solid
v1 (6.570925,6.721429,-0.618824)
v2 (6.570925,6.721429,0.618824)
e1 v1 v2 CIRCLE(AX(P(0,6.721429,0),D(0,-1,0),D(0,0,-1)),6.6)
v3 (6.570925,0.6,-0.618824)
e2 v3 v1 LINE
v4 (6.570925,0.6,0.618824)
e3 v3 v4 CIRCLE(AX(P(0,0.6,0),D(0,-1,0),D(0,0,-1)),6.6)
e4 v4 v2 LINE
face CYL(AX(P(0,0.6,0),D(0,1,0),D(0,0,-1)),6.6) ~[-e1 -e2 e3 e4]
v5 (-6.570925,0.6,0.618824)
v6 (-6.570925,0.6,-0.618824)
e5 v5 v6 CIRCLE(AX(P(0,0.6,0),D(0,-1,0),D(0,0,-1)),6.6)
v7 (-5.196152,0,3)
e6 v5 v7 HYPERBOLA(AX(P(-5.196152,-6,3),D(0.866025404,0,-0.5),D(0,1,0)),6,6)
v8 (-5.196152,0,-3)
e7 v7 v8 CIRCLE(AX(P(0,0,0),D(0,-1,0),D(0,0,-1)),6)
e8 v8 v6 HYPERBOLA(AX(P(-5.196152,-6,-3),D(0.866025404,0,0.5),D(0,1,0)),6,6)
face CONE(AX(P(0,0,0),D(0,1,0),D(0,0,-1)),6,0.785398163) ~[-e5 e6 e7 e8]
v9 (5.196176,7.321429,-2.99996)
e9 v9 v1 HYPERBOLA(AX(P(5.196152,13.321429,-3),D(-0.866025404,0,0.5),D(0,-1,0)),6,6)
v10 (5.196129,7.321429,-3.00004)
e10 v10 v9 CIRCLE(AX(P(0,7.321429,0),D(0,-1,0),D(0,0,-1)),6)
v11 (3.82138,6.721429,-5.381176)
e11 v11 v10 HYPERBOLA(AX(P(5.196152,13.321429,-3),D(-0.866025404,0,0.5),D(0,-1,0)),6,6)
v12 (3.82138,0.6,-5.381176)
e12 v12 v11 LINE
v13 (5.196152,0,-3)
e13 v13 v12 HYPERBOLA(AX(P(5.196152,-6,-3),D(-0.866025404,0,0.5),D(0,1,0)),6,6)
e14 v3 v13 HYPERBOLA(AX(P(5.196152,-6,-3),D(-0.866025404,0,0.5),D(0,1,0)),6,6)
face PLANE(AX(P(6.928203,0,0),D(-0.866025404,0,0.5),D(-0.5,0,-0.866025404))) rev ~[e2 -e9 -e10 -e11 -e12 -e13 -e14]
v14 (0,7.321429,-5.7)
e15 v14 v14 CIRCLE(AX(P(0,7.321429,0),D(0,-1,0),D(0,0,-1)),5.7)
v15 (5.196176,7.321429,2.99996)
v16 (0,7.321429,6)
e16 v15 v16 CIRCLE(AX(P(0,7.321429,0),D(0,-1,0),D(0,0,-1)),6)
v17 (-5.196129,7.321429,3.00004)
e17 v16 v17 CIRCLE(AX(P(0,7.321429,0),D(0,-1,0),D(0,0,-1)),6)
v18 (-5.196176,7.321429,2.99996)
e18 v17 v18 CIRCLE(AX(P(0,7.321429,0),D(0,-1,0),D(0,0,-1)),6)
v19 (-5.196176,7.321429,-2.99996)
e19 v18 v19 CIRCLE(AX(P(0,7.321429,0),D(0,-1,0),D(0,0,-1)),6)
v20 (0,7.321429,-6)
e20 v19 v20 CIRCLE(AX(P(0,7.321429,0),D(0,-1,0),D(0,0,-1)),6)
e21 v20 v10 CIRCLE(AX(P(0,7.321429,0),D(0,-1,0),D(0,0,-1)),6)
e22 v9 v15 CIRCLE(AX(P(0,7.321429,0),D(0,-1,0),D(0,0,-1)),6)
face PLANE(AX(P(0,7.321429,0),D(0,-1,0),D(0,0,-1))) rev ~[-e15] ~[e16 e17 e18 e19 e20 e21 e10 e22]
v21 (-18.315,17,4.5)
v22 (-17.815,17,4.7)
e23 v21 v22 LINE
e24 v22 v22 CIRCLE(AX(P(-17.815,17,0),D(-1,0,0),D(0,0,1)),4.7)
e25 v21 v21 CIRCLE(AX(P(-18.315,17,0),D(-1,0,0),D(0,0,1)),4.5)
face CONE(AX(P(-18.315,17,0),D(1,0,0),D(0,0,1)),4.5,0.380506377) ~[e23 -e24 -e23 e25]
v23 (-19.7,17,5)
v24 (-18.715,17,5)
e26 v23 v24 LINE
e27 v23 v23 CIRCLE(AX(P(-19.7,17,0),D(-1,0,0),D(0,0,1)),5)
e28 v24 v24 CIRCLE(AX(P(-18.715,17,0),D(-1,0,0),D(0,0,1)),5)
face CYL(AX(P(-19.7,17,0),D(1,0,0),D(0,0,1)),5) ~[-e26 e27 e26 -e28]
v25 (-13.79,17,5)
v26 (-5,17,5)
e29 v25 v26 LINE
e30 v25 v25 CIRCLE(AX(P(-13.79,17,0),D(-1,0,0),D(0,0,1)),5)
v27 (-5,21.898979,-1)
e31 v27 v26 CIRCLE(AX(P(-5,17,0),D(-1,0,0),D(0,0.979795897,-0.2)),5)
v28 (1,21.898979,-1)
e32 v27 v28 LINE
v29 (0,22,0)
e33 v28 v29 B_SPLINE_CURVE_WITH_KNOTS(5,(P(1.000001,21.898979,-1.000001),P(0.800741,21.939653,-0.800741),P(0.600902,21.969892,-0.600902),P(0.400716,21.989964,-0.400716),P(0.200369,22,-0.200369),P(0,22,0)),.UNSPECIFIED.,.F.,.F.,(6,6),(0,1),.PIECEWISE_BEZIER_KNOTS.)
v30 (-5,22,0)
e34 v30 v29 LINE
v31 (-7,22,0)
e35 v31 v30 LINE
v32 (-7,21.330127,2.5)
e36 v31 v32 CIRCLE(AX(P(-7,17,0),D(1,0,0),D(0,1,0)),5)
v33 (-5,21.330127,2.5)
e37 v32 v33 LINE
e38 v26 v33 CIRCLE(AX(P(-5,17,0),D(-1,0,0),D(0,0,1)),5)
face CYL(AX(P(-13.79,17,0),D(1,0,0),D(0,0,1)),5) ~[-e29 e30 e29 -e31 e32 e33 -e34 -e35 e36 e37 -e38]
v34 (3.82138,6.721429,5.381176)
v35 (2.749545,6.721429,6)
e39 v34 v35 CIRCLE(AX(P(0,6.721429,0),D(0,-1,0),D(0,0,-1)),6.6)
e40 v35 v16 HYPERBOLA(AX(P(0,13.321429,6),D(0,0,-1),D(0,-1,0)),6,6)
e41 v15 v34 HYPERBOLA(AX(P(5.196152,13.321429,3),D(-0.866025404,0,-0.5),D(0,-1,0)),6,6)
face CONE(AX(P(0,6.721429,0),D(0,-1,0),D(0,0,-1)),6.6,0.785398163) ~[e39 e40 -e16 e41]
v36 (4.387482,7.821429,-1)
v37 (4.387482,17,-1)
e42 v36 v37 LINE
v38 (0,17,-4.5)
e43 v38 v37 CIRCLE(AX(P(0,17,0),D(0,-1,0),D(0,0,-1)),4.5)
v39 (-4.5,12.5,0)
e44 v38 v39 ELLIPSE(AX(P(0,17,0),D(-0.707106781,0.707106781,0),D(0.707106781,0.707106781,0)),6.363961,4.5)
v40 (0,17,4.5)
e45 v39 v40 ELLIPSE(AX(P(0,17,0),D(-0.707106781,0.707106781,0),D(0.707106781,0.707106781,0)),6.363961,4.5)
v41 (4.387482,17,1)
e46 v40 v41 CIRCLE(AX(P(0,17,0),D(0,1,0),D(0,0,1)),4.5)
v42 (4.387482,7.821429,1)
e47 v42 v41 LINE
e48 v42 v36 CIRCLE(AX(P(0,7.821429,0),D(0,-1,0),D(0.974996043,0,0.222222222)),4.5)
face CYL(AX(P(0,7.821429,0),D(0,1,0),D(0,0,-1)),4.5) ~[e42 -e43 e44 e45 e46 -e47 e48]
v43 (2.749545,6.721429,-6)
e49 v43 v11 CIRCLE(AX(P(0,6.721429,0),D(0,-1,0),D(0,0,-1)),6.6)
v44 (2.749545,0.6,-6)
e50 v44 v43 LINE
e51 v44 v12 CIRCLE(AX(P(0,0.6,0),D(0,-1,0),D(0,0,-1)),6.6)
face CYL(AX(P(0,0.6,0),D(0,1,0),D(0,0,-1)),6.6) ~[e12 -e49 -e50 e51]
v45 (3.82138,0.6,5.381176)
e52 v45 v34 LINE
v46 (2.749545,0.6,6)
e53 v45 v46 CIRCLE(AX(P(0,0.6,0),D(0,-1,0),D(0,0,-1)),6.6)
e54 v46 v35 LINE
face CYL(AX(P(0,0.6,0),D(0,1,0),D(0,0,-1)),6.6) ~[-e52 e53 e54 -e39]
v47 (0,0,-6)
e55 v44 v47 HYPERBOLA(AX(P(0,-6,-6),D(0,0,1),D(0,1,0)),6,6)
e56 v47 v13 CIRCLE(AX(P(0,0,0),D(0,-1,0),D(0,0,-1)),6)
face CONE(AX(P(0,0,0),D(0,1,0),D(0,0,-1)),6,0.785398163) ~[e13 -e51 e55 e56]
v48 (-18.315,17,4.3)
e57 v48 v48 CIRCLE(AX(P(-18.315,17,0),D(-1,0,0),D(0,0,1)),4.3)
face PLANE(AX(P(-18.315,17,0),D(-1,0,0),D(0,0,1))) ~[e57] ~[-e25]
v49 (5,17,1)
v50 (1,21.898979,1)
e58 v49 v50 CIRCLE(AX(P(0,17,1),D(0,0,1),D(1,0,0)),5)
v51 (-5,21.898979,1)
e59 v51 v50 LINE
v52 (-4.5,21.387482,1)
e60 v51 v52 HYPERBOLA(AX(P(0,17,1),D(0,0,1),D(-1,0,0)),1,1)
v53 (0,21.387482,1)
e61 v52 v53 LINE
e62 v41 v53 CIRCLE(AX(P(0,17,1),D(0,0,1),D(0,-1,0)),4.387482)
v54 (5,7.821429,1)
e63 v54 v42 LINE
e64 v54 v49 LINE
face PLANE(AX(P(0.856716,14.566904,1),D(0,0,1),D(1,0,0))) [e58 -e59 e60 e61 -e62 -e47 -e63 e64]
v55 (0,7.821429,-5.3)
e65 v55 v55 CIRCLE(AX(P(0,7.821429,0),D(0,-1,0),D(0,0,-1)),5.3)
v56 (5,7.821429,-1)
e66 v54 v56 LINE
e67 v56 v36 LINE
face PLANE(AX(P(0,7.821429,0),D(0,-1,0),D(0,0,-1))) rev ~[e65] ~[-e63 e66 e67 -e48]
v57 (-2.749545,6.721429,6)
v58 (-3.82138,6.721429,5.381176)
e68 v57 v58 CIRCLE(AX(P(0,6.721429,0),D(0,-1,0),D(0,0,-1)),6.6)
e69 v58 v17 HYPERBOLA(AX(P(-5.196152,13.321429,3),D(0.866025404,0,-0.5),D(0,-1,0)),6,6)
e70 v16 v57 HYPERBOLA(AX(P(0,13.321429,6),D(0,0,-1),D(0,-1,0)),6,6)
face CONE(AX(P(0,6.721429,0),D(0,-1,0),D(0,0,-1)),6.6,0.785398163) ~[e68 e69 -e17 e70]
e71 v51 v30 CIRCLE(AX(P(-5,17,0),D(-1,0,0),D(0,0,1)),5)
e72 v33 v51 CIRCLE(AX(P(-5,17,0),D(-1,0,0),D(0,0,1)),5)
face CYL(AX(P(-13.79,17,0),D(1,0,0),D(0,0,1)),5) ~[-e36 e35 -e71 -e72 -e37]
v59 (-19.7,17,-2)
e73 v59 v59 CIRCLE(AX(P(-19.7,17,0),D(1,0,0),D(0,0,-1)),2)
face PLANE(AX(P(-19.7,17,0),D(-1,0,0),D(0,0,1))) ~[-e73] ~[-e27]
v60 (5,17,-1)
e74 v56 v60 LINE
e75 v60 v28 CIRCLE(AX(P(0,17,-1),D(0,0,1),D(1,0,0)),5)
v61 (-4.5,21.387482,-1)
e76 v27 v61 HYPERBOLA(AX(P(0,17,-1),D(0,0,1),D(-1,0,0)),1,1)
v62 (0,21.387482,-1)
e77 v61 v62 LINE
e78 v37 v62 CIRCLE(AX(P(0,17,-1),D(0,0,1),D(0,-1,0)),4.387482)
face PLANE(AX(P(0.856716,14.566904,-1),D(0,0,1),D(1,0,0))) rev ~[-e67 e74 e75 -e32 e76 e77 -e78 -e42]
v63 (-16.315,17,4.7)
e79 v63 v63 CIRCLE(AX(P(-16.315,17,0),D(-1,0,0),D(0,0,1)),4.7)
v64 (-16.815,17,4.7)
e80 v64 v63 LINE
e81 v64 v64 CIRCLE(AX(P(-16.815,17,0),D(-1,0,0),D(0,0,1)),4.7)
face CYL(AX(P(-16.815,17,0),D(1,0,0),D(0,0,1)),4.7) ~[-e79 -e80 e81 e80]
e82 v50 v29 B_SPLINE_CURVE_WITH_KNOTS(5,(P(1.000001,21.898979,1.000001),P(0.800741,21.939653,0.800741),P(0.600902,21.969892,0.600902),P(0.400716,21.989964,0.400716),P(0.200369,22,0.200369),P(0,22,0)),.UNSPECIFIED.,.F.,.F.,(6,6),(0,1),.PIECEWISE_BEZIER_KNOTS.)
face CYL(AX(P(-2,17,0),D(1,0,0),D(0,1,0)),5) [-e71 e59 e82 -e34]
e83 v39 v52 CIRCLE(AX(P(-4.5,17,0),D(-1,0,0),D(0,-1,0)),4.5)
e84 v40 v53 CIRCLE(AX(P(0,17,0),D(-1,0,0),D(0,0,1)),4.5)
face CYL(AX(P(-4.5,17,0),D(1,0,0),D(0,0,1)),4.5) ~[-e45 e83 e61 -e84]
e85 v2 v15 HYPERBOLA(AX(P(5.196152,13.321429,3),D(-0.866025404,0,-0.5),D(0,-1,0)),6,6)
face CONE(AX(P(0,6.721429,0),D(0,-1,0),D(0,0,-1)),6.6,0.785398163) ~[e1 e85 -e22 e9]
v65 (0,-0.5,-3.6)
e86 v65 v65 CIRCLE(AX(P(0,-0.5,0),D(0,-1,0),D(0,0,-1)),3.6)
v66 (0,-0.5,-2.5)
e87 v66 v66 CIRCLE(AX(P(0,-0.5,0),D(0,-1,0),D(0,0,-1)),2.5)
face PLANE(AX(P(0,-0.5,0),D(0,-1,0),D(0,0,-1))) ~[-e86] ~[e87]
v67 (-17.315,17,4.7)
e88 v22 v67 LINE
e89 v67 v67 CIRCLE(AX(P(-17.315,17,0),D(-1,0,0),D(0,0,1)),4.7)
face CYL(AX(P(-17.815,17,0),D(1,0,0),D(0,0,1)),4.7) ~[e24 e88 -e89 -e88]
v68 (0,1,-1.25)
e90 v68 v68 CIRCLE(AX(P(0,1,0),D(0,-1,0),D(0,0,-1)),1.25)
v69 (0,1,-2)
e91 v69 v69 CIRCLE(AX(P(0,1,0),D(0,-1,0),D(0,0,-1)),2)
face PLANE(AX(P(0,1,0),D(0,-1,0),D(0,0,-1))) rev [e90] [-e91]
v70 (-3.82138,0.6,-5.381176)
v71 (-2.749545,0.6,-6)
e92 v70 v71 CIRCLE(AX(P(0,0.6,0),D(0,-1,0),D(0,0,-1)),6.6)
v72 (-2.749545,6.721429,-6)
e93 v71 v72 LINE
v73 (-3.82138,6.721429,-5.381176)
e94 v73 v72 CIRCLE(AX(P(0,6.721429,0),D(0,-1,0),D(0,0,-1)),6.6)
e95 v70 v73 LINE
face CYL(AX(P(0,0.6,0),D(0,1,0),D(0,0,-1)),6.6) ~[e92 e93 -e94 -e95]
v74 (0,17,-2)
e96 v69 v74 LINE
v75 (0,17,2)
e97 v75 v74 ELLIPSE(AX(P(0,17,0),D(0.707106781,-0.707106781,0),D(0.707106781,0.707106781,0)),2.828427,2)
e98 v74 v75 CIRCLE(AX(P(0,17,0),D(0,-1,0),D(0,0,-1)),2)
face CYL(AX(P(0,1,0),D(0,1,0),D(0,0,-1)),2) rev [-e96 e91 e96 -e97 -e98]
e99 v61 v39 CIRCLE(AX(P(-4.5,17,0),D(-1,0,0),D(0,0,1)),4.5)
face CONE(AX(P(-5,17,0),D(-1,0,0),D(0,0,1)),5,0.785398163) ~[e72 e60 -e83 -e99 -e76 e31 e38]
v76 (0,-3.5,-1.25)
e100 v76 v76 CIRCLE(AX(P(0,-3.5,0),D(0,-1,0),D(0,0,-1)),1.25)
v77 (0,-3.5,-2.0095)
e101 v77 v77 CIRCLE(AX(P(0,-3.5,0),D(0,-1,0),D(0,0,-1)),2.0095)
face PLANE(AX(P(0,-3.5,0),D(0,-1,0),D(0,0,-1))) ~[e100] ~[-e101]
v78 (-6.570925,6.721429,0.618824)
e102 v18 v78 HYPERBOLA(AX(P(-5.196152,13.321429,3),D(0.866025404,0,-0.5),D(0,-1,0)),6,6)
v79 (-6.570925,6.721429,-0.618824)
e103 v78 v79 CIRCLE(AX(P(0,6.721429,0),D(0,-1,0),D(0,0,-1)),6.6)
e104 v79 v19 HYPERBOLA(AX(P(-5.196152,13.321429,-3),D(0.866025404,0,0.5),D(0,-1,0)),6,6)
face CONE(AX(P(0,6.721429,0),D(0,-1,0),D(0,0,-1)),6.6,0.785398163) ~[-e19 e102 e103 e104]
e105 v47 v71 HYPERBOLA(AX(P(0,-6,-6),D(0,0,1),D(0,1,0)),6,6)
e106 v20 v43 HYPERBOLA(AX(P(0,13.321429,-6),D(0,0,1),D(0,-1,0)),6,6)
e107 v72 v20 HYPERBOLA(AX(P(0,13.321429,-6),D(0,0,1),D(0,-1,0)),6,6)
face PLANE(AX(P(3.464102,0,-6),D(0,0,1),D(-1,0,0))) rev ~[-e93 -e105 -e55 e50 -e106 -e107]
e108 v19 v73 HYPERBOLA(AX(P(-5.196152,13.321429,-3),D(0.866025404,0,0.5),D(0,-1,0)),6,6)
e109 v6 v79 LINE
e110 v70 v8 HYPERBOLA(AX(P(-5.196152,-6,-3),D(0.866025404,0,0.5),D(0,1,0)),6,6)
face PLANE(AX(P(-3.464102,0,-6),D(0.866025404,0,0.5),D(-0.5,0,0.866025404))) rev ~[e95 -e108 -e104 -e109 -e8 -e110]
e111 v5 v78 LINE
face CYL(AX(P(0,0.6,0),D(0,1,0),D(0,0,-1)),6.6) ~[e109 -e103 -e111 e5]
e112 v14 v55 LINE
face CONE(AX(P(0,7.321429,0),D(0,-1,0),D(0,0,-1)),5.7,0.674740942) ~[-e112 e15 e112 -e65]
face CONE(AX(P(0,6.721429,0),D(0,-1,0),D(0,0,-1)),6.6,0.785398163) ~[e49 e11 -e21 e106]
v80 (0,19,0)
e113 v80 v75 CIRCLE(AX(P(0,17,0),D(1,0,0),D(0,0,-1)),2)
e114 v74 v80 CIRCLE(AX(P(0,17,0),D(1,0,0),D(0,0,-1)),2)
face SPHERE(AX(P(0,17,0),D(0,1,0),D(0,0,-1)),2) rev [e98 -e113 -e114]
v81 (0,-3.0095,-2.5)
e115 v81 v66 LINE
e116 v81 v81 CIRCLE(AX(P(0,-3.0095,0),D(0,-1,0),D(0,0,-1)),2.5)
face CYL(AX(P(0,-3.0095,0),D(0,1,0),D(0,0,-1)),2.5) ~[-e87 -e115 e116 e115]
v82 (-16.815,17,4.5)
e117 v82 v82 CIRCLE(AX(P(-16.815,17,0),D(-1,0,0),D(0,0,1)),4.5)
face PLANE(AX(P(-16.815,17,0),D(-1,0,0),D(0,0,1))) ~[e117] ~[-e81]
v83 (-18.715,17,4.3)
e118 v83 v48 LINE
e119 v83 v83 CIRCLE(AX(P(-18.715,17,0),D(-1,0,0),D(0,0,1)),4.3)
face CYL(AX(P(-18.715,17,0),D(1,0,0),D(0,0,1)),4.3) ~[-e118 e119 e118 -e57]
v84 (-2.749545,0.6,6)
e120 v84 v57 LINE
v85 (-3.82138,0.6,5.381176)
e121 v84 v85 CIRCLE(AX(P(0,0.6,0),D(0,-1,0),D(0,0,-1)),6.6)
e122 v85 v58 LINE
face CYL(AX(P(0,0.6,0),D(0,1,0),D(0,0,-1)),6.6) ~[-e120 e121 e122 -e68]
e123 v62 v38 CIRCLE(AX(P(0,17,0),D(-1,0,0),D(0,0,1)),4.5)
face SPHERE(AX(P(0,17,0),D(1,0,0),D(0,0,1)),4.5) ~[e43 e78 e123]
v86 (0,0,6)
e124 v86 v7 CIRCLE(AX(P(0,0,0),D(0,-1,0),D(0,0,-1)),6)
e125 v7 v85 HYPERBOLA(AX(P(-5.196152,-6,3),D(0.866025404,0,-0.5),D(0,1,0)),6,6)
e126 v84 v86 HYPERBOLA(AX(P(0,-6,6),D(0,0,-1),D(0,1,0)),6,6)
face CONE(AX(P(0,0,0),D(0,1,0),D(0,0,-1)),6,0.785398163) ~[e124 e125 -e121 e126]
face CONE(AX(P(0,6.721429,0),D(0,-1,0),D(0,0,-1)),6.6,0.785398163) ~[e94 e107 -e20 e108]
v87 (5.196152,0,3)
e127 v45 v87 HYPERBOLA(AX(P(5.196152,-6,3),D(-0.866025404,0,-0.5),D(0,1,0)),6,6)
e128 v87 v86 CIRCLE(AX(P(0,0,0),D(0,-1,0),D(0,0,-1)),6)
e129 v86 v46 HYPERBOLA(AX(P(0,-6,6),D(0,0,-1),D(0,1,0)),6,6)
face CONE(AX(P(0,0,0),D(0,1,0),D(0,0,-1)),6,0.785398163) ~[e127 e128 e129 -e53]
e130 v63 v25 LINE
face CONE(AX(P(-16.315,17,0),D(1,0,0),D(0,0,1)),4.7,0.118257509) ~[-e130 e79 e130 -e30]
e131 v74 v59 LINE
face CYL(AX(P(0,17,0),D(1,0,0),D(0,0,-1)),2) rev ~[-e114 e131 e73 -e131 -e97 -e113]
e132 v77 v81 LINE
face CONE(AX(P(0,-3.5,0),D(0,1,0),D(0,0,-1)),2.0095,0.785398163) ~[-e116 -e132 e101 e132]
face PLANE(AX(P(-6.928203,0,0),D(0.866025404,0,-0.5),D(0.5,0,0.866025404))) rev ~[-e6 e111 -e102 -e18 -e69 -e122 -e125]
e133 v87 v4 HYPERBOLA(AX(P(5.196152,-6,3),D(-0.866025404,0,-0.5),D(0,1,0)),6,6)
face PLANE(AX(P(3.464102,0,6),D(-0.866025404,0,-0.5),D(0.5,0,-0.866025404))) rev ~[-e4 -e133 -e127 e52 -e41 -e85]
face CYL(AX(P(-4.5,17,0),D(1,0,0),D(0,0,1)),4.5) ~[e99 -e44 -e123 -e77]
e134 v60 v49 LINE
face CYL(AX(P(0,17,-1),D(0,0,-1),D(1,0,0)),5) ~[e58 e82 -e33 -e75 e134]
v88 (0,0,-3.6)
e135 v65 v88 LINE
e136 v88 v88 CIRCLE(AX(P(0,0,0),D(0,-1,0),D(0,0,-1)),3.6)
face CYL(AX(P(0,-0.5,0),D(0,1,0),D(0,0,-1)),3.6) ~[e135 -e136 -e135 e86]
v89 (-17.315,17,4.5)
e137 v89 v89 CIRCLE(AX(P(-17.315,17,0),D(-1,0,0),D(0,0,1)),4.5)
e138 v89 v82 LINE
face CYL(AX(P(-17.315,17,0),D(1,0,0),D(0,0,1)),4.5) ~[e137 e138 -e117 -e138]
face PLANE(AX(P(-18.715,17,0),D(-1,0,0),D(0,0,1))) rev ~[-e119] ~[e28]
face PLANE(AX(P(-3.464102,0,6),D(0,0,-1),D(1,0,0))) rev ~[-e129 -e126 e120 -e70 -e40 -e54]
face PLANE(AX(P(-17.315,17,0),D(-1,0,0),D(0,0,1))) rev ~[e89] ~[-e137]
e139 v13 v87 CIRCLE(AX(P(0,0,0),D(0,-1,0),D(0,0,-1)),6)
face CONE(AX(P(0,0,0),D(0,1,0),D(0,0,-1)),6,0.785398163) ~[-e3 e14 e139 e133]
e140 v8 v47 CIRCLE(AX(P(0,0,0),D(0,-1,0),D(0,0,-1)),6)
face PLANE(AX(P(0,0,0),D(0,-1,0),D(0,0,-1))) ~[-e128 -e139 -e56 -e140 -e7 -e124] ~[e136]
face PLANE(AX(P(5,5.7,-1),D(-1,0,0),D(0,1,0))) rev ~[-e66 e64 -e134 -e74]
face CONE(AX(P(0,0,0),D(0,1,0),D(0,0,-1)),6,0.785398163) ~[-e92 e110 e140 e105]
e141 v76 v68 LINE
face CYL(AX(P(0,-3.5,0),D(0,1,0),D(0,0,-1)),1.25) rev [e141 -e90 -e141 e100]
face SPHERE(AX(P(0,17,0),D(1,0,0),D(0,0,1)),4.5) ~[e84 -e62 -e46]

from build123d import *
from build123d.topology import SkipClean

# Parameters (mm, degrees)
SKETCH3_W                    = 24
SKETCH3_H                    = 24
CUT_EXTRUDE1_DEPTH           = 8.2
BOSS_EXTRUDE1_DEPTH          = 1
BOSS_EXTRUDE1_DEPTH_BACK     = 1
SKETCH6_R                    = 2
CUT_EXTRUDE2_DEPTH           = 19.7
SKETCH8_W                    = 10
SKETCH8_H                    = 2
CUT_REVOLVE2_ANGLE           = 30
CUT_REVOLVE2_OTHER_WAY_ANGLE = 30


with BuildPart() as part:
    # Sketch1 → Revolve1 (revolve)
    with BuildSketch(Plane.XY, mode=Mode.PRIVATE) as revolve1_sk:
        Polygon((0, 0), (-6, 0), (-6.6, 0.6), (-6.6, 6.721428571), (-6, 7.321428571), (-5.7, 7.321428571), (-5.3, 7.821428571), (-4.5, 7.821428571), (-4.5, 17), (0, 17), align=None)
    revolve(revolve1_sk.sketch.rotate(Axis((0, 17, 0), (0, -1, 0)), 90), axis=Axis((0, 17, 0), (0, -1, 0)))

    # Sketch2 → Revolve2 (revolve)
    with BuildSketch(Plane.XY, mode=Mode.PRIVATE) as revolve2_sk:
        Polygon((0, -3.5), (-2.0095, -3.5), (-2.5, -3.0095), (-2.5, -0.5), (-3.6, -0.5), (-3.6, 0), (0, 0), align=None)
    revolve(revolve2_sk.sketch.rotate(Axis((0, 0, 0), (0, -1, 0)), 90), axis=Axis((0, 0, 0), (0, -1, 0)))

    # Sketch3 → Cut-Extrude1 (cut)
    with BuildSketch(Plane(origin=(0, 0, 0), x_dir=(1, 0, 0), z_dir=(0, 1, 0))):
        Rectangle(SKETCH3_W, SKETCH3_H)
        Polygon((-6.92820323, 0), (-3.464101615, -6), (3.464101615, -6), (6.92820323, 0), (3.464101615, 6), (-3.464101615, 6), align=None, mode=Mode.SUBTRACT)
    extrude(amount=CUT_EXTRUDE1_DEPTH, mode=Mode.SUBTRACT)

    # Sketch4 → Revolve3 (revolve)
    with SkipClean():  # the faces are left unmerged after this step: merging them gives an invalid solid
        with BuildSketch(Plane.XY, mode=Mode.PRIVATE) as revolve3_sk:
            with BuildLine():
                Line((-19.7, 17), (-19.7, 22))
                Line((-19.7, 22), (-18.715, 22))
                Line((-18.715, 22), (-18.715, 21.3))
                Line((-18.715, 21.3), (-18.315, 21.3))
                Line((-18.315, 21.3), (-18.315, 21.5))
                Line((-18.315, 21.5), (-17.815, 21.7))
                Line((-17.815, 21.7), (-17.315, 21.7))
                Line((-17.315, 21.7), (-17.315, 21.5))
                Line((-17.315, 21.5), (-16.815, 21.5))
                Line((-16.815, 21.5), (-16.815, 21.7))
                Line((-16.815, 21.7), (-16.315, 21.7))
                Line((-16.315, 21.7), (-13.79, 22))
                Line((-13.79, 22), (-5, 22))
                Line((-5, 22), (-4.5, 21.5))
                Line((-4.5, 21.5), (0, 21.5))
                ThreePointArc((0, 21.5), (3.181980515, 20.181980515), (4.5, 17))
                Line((4.5, 17), (-19.7, 17))
            make_face()
        revolve(revolve3_sk.sketch.rotate(Axis((4.5, 17, 0), (-1, 0, 0)), 270), axis=Axis((4.5, 17, 0), (-1, 0, 0)))

    # Sketch5 → Boss-Extrude1 (add, two sides: drawn at the far end of the back side and taken through both)
    with BuildSketch(Plane.XY.offset(-BOSS_EXTRUDE1_DEPTH_BACK)):
        with BuildLine():
            Line((-5, 17), (0, 17))
            Line((0, 17), (0, 5.7))
            Line((0, 5.7), (5, 5.7))
            Line((5, 5.7), (5, 17))
            ThreePointArc((5, 17), (3.535533906, 20.535533906), (0, 22))
            Line((0, 22), (-5, 22))
            Line((-5, 22), (-5, 17))
        make_face()
    extrude(amount=BOSS_EXTRUDE1_DEPTH + BOSS_EXTRUDE1_DEPTH_BACK)

    # Sketch6 → Cut-Extrude2 (cut)
    with BuildSketch(Plane(origin=(0, 0, 0), x_dir=(0, 0, -1), z_dir=(1, 0, 0))):
        with Locations((0, 17)):
            Circle(SKETCH6_R)
    extrude(amount=-CUT_EXTRUDE2_DEPTH, mode=Mode.SUBTRACT)

    # Sketch7 → Cut-Revolve1 (revolve, cut)
    with BuildSketch(Plane.XY, mode=Mode.PRIVATE) as cut_revolve1_sk:
        with BuildLine():
            Line((0, -3.5), (-1.25, -3.5))
            Line((-1.25, -3.5), (-1.25, 1))
            Line((-1.25, 1), (-2, 1))
            Line((-2, 1), (-2, 17))
            ThreePointArc((-2, 17), (-1.414213562, 18.414213562), (0, 19))
            Line((0, 19), (0, -3.5))
        make_face()
    revolve(cut_revolve1_sk.sketch.rotate(Axis((0, 19, 0), (0, -1, 0)), 90), axis=Axis((0, 19, 0), (0, -1, 0)), mode=Mode.SUBTRACT)

    # Sketch8 → Cut-Revolve2 (revolve, cut)
    with BuildSketch(Plane.XY):
        with Locations((-2, 23)):
            Rectangle(SKETCH8_W, SKETCH8_H)
    revolve(axis=Axis((3, 17, 0), (-1, 0, 0)), revolution_arc=CUT_REVOLVE2_ANGLE, mode=Mode.SUBTRACT)

    # Sketch8 → Cut-Revolve2 other way (revolve, cut)
    with SkipClean():  # the faces are left unmerged after this step: merging them gives an invalid solid
        with BuildSketch(Plane.XY):
            with Locations((-2, 23)):
                Rectangle(SKETCH8_W, SKETCH8_H)
        revolve(axis=Axis((3, 17, 0), (1, 0, 0)), revolution_arc=CUT_REVOLVE2_OTHER_WAY_ANGLE, mode=Mode.SUBTRACT)


solid = part.part
